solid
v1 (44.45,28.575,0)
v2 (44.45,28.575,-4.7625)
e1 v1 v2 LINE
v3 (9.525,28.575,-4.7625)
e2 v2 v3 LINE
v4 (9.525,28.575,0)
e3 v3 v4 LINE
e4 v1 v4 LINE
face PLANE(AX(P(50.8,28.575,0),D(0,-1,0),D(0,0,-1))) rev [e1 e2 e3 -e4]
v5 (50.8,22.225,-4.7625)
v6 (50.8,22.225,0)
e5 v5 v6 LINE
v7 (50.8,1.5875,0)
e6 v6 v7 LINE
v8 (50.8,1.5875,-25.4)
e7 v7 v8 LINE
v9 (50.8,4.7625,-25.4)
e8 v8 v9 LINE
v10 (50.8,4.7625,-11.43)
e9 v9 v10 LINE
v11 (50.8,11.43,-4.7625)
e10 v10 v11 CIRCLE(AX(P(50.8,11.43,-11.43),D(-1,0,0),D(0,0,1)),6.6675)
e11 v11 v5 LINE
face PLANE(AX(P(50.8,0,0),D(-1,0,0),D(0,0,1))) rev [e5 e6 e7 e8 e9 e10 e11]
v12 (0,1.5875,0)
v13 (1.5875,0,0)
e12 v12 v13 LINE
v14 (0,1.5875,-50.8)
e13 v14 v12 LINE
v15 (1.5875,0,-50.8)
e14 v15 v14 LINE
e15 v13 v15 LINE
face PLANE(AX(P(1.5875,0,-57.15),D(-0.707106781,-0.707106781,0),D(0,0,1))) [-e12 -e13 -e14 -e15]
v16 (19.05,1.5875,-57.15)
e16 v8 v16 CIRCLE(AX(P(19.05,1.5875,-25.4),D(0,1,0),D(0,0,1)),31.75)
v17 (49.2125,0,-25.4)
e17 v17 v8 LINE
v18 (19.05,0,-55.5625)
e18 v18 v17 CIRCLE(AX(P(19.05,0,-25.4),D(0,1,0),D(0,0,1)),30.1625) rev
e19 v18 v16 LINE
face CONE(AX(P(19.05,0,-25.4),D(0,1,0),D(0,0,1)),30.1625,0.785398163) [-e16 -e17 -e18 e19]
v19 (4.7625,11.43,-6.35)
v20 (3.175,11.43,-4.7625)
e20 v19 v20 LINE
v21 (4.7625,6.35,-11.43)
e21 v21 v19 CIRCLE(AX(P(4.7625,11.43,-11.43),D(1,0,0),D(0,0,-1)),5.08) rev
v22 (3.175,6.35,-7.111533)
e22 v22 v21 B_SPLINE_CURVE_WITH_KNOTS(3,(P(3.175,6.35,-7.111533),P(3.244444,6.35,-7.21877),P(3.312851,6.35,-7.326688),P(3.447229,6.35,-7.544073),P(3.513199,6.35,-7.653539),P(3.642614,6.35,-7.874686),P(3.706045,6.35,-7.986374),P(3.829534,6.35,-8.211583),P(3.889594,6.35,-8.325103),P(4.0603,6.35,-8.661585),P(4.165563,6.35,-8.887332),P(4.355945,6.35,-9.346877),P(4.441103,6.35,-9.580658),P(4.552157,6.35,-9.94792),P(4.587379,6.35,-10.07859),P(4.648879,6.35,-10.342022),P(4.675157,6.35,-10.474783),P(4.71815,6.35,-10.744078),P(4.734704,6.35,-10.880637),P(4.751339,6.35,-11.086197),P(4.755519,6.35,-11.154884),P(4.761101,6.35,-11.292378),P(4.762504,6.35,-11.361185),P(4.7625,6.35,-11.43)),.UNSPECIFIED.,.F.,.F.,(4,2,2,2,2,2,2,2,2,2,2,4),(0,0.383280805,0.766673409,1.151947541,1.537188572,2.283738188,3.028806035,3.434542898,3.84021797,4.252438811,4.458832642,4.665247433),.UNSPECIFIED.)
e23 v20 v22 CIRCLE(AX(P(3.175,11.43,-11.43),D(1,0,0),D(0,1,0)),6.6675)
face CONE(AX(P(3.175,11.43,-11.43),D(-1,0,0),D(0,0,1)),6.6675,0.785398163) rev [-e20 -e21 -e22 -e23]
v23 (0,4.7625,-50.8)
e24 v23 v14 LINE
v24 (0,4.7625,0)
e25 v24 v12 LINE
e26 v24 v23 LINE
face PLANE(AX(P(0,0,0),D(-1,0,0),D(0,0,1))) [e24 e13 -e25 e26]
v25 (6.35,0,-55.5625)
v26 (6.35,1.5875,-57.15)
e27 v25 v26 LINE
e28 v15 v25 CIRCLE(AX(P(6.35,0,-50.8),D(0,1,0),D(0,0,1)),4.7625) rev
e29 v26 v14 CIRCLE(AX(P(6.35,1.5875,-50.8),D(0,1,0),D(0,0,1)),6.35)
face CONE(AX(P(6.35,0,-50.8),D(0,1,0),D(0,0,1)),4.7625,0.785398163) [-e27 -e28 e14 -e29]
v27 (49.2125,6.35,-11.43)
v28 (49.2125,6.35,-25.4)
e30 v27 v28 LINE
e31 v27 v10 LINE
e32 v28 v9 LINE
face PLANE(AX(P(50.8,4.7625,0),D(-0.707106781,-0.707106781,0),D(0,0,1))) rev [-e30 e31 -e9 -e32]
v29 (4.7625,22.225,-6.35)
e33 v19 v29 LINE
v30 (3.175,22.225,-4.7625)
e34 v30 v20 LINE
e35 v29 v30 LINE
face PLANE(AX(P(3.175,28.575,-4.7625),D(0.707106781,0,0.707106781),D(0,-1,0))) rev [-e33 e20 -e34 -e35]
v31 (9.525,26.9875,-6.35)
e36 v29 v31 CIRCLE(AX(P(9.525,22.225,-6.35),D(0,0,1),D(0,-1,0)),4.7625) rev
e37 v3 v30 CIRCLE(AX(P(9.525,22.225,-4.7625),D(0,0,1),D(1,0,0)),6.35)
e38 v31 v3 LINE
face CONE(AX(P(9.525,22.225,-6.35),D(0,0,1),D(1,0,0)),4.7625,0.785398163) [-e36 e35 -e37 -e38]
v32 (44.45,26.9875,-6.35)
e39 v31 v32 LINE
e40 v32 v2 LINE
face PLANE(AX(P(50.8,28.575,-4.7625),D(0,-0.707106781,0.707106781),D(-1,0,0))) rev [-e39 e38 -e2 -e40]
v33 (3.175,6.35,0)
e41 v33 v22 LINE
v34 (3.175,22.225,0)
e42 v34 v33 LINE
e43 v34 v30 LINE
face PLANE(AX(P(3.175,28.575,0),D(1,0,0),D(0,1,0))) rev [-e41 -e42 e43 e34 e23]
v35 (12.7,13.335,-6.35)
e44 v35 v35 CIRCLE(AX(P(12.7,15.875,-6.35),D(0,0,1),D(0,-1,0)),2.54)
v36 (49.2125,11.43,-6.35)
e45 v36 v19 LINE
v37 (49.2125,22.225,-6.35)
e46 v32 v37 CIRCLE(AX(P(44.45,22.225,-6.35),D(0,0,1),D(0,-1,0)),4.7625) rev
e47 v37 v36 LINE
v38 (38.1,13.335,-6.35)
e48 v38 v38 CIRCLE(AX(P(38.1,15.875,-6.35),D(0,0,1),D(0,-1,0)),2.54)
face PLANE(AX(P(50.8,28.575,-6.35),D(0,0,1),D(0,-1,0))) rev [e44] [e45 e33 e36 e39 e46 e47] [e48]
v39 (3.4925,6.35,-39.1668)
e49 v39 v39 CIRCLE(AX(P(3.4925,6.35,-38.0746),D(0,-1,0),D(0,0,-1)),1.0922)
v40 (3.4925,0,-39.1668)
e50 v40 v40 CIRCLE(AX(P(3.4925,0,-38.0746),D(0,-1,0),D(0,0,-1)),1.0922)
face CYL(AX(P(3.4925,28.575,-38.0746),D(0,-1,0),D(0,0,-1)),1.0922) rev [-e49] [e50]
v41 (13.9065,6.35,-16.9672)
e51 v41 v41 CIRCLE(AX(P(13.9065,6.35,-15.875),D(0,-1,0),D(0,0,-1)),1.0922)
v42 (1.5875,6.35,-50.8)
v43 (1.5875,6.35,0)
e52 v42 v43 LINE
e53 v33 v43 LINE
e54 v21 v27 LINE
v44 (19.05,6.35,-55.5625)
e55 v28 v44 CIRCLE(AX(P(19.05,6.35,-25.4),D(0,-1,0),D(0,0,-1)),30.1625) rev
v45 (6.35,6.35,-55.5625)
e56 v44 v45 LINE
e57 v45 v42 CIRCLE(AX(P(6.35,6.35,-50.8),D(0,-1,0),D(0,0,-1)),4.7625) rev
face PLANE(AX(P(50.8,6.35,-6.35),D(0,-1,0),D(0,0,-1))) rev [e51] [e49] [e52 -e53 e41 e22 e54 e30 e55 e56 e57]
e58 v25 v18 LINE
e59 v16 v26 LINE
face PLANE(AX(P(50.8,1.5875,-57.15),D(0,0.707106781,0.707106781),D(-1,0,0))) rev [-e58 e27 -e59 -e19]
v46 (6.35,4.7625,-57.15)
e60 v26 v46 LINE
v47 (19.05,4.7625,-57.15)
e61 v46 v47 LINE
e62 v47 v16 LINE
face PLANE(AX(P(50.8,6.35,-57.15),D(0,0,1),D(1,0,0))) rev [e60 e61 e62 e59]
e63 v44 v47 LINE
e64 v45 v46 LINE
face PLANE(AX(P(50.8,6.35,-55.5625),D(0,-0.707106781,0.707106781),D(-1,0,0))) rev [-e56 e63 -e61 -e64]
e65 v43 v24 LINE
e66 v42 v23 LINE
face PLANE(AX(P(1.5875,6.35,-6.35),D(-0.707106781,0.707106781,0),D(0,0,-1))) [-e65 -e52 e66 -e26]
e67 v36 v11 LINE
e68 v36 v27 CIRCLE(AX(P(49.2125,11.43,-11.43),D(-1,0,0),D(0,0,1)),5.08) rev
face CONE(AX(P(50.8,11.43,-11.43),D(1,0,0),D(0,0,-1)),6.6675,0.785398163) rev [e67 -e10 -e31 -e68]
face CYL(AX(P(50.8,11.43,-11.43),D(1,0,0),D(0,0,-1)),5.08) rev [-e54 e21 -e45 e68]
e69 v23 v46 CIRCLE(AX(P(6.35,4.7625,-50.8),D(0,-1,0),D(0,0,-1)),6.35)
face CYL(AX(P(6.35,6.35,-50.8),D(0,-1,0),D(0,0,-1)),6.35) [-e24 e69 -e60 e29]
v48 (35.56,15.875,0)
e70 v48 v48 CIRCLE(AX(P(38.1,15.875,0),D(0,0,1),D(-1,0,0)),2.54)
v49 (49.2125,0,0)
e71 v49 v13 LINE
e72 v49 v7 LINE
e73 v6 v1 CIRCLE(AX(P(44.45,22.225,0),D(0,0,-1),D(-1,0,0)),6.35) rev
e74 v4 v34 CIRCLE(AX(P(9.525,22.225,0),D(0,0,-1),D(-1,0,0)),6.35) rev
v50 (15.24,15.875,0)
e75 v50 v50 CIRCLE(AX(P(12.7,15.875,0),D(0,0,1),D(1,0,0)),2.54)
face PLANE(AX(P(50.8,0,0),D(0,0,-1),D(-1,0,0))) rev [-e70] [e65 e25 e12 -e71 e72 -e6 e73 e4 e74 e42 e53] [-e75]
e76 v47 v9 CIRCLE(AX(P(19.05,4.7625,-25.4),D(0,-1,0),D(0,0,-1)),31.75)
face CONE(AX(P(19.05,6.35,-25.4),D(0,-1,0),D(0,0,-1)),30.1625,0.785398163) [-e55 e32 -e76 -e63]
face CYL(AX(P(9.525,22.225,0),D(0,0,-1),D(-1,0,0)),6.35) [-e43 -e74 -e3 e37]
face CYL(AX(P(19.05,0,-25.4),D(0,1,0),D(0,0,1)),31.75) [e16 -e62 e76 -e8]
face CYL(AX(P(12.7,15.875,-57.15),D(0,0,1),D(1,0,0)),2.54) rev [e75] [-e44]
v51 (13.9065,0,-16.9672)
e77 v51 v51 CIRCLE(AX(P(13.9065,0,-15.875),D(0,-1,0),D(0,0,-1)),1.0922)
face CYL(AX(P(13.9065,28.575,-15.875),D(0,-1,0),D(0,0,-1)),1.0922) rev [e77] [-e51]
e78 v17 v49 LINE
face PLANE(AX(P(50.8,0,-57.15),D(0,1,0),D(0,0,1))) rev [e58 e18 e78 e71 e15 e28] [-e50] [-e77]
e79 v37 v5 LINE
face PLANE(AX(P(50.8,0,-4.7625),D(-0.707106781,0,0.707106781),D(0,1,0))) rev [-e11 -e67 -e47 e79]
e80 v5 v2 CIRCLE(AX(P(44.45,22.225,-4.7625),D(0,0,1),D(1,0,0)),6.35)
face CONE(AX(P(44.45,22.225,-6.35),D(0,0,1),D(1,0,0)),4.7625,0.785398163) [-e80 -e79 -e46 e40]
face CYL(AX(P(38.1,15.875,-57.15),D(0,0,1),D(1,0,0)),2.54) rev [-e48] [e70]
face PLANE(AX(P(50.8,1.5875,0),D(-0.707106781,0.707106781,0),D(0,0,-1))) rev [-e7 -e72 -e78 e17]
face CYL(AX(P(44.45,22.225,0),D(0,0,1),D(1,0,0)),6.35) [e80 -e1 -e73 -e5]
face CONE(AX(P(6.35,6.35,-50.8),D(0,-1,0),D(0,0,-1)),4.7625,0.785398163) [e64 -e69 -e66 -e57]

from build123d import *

# Parameters (mm, degrees)
BOSS_EXTRUDE1_DEPTH = 50.8
SKETCH2_R           = 2.54
CUT_EXTRUDE1_DEPTH  = 82.628996839
SKETCH3_R           = 1.0922
CUT_EXTRUDE2_DEPTH  = 82.628996839
FILLET2_R           = 31.75
SKETCH4_W           = 3.175
SKETCH4_H           = 22.225
CUT_EXTRUDE3_DEPTH  = 78.316302453
FILLET3_R           = 6.35
FILLET4_R           = 5.08
CHAMFER1_SIZE       = 1.5875


with BuildPart() as part:
    # Sketch1 → Boss-Extrude1 (new body)
    with BuildSketch(Plane(origin=(0, 0, 0), x_dir=(0, 0, -1), z_dir=(1, 0, 0))):
        Polygon((0, 0), (0, 28.575), (6.35, 28.575), (6.35, 6.35), (57.15, 6.35), (57.15, 0), align=None)
    extrude(amount=BOSS_EXTRUDE1_DEPTH)

    # Sketch2 → Cut-Extrude1 (cut, through all)
    with BuildSketch(Plane.XY):
        with Locations((12.7, 15.875)):
            Circle(SKETCH2_R)
        with Locations(Location((38.1, 15.875, 0), (0, 0, 270))):
            Circle(SKETCH2_R)
    extrude(amount=-CUT_EXTRUDE1_DEPTH, mode=Mode.SUBTRACT)

    # Sketch3 → Cut-Extrude2 (cut, through all)
    with BuildSketch(Plane.XZ):
        with Locations(Location((13.9065, -15.875, 0), (0, 0, 270))):
            Circle(SKETCH3_R)
        with Locations(Location((3.4925, -38.0746, 0), (0, 0, 270))):
            Circle(SKETCH3_R)
    extrude(amount=-CUT_EXTRUDE2_DEPTH, mode=Mode.SUBTRACT)

    # Fillet2
    fillet2_edges = [part.edges().sort_by_distance(p)[0] for p in [
        (50.8, 3.175, -57.15),
    ]]
    fillet(fillet2_edges, radius=FILLET2_R)

    # Sketch4 → Cut-Extrude3 (cut, through all)
    with BuildSketch(Plane(origin=(0, 0, -6.35), x_dir=(-1, 0, 0), z_dir=(0, 0, -1))):
        with Locations((-1.5875, 17.4625)):
            Rectangle(SKETCH4_W, SKETCH4_H)
    extrude(amount=-CUT_EXTRUDE3_DEPTH, mode=Mode.SUBTRACT)

    # Fillet3
    fillet3_edges = [part.edges().sort_by_distance(p)[0] for p in [
        (50.8, 28.575, -3.175),
        (3.175, 28.575, -3.175),
        (0, 3.175, -57.15),
    ]]
    fillet(fillet3_edges, radius=FILLET3_R)

    # Fillet4
    fillet4_edges = [part.edges().sort_by_distance(p)[0] for p in [
        (26.9875, 6.35, -6.35),
    ]]
    fillet(fillet4_edges, radius=FILLET4_R)

    # Chamfer1
    chamfer1_edges = [part.edges().sort_by_distance(p)[0] for p in [
        (50.8, 6.35, -18.415),
        (12.7, 6.35, -57.15),
        (41.500640303, 6.35, -47.850640303),
        (12.7, 0, -57.15),
        (41.500640303, 0, -47.850640303),
        (50.8, 0, -12.7),
        (26.9875, 28.575, -6.35),
        (3.175, 16.8275, -6.35),
        (5.034871939, 26.715128061, -6.35),
        (48.940128061, 26.715128061, -6.35),
        (0, 6.35, -25.4),
        (1.859871939, 6.35, -55.290128061),
        (1.859871939, 0, -55.290128061),
        (50.8, 16.8275, -6.35),
        (3.175, 7.837897552, -7.837897552),
        (50.8, 7.837897552, -7.837897552),
        (0, 0, -25.4),
    ]]
    chamfer(chamfer1_edges, length=CHAMFER1_SIZE)


solid = part.part
